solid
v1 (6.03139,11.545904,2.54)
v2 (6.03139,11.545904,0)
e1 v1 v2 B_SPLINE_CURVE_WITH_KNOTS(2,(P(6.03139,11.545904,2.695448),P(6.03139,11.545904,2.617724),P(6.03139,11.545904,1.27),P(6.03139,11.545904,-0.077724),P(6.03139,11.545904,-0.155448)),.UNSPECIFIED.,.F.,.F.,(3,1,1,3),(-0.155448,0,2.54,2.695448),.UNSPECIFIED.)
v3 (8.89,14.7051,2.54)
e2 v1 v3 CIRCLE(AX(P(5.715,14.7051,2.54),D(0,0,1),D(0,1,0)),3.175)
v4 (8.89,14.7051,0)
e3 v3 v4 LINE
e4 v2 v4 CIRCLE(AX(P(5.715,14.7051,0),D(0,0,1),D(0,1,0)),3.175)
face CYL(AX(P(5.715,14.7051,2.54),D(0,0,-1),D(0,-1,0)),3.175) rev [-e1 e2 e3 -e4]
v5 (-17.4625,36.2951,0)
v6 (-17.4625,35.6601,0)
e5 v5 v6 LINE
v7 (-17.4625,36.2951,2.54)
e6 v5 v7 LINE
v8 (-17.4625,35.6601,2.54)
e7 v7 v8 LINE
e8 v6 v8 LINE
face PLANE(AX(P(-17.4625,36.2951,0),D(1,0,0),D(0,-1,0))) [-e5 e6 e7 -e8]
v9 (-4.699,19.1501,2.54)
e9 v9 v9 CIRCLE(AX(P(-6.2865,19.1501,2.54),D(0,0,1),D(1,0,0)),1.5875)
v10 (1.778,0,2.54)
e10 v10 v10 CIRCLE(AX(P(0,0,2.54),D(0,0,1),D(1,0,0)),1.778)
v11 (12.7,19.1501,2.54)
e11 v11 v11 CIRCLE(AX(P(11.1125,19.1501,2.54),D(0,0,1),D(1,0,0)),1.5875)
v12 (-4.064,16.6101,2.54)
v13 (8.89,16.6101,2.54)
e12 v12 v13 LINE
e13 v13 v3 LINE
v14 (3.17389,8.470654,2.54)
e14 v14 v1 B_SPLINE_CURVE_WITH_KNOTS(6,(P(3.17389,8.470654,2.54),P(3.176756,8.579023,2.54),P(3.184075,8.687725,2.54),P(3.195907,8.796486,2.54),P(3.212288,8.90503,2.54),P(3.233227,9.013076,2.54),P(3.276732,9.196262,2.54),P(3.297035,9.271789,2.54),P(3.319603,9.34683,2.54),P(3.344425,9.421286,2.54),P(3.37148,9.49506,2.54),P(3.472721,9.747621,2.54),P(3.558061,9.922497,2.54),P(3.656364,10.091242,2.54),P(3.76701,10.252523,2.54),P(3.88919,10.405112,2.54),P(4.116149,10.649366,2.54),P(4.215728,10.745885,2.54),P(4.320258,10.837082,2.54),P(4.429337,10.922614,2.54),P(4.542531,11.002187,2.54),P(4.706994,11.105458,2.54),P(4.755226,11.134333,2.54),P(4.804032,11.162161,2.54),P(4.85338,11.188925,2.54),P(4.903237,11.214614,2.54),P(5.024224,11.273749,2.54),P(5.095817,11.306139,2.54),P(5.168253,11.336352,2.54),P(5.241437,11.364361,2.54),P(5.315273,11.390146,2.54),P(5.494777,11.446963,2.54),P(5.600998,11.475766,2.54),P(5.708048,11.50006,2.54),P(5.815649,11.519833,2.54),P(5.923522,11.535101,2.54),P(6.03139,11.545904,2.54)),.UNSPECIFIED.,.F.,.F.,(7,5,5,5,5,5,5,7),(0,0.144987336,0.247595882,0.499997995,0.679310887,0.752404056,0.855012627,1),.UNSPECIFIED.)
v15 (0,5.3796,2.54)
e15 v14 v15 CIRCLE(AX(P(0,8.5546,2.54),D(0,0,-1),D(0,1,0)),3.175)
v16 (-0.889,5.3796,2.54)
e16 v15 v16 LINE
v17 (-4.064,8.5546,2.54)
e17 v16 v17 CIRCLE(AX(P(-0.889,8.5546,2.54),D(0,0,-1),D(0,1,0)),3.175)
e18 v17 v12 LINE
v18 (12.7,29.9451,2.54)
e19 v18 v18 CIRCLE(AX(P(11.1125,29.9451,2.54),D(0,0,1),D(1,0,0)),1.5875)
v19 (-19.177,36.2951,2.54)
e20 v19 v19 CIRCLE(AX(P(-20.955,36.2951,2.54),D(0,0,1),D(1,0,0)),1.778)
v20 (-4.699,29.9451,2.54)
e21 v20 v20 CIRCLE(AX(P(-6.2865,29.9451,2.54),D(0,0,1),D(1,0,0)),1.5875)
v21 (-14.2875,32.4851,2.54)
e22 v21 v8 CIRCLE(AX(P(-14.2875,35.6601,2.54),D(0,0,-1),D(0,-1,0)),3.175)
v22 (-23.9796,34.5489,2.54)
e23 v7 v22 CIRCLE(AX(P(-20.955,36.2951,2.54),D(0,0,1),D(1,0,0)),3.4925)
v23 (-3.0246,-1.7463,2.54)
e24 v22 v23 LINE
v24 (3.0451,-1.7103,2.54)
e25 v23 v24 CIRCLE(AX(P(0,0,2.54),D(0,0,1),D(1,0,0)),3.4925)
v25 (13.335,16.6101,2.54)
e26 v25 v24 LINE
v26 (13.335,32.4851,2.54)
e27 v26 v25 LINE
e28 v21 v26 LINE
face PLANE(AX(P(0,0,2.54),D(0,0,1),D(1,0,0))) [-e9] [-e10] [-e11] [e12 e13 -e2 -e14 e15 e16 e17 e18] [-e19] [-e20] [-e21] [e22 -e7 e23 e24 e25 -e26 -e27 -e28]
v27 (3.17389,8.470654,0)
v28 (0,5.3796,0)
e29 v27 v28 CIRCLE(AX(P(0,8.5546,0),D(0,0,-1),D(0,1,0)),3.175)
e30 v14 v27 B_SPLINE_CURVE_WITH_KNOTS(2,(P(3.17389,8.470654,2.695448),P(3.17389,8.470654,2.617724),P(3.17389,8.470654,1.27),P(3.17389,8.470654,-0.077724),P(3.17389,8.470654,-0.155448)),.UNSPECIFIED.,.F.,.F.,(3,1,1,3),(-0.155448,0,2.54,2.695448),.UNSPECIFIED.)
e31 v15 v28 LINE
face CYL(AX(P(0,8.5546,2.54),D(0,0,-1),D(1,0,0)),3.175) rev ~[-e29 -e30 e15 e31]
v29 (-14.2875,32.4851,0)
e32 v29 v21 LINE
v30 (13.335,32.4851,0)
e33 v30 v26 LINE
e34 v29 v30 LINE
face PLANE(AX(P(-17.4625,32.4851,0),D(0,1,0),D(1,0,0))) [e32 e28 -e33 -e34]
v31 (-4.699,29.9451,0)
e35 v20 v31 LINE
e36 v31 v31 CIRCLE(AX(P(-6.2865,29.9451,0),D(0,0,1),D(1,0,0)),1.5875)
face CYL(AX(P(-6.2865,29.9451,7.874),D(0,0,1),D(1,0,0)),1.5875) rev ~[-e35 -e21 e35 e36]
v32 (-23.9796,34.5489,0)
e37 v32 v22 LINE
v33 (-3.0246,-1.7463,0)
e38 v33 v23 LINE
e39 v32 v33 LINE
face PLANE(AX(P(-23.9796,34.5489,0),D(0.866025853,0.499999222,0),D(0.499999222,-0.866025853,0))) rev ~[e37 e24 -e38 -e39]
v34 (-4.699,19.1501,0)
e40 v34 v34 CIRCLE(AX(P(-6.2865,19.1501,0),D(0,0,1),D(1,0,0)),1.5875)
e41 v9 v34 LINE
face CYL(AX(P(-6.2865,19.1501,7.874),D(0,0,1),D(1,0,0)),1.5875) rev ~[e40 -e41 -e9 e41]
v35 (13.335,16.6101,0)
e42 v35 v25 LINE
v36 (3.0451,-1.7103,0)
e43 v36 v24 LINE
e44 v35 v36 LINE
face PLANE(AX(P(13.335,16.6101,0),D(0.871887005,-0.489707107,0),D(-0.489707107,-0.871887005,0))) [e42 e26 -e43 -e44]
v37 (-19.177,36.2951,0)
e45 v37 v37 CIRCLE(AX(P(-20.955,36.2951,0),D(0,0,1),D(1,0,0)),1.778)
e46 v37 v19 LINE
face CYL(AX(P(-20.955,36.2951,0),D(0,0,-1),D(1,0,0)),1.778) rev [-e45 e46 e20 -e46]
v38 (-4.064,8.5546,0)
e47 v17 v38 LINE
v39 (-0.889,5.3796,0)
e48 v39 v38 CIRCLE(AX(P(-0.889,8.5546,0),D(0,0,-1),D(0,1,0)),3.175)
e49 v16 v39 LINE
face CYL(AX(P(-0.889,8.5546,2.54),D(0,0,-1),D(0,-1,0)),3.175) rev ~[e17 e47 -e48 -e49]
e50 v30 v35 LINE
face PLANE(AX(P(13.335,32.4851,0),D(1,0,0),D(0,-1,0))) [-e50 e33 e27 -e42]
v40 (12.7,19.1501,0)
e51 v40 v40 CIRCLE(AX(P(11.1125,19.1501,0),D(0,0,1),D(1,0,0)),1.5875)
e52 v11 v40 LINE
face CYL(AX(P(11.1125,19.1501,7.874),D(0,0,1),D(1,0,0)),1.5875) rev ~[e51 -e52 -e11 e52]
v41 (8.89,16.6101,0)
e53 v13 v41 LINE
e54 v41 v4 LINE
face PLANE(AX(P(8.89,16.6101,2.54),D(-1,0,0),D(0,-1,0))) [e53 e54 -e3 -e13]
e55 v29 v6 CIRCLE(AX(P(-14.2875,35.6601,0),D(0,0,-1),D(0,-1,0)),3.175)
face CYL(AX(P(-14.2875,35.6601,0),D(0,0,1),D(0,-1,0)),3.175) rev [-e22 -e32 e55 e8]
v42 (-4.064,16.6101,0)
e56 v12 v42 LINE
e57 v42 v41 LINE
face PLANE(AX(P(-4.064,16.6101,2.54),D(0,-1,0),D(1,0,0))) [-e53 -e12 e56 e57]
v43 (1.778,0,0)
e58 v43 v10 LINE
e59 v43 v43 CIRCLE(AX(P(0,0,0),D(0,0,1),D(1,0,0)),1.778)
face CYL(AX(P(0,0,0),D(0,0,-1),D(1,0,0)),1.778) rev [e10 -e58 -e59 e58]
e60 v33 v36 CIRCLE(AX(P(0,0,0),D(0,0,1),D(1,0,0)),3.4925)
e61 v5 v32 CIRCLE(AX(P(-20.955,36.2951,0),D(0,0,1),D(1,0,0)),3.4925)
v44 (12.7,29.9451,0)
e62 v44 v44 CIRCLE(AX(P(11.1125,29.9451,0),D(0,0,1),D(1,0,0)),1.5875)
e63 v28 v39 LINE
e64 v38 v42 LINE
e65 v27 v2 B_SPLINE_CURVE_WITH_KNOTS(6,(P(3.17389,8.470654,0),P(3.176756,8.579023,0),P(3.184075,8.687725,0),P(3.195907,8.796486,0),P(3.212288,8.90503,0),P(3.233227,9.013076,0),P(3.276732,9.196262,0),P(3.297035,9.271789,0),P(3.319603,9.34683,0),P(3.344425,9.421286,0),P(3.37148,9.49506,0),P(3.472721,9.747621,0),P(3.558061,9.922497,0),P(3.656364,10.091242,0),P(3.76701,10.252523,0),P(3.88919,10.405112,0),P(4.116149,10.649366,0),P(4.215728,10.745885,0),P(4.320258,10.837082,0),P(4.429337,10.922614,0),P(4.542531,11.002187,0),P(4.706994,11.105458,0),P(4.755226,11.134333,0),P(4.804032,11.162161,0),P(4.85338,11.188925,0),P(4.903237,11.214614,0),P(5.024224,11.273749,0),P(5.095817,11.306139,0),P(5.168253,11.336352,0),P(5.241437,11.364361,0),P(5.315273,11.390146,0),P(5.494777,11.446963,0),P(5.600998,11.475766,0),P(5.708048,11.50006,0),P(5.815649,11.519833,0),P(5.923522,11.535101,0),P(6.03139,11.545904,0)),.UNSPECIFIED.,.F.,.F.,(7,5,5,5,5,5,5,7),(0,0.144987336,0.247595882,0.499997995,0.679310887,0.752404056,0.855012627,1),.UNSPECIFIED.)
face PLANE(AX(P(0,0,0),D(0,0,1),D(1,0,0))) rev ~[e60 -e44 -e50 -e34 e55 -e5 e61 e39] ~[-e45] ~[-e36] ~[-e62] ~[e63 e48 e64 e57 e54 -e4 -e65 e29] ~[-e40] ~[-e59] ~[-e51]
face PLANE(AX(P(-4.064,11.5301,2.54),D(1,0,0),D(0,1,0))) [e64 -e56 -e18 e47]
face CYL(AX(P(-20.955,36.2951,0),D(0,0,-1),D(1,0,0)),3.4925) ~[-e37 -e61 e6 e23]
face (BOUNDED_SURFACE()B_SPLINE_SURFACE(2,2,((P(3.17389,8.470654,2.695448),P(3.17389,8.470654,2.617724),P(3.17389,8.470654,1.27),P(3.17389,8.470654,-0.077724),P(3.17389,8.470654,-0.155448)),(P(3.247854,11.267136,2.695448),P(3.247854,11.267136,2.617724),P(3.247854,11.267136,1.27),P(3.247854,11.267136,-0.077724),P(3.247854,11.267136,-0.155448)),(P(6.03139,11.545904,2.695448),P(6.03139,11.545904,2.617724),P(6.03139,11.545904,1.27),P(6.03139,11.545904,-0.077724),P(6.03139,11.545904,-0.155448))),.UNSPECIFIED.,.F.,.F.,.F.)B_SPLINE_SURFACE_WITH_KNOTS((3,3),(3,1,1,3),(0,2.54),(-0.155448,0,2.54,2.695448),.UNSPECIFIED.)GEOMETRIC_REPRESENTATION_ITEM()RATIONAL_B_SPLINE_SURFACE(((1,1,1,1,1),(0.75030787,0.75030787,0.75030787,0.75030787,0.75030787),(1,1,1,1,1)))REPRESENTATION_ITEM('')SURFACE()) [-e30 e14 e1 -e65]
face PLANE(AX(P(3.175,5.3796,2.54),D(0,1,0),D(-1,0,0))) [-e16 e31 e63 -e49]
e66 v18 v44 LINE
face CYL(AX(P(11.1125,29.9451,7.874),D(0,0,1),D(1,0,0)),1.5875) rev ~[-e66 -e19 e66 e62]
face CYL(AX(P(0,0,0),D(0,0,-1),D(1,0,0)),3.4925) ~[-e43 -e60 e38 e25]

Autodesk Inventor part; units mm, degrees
ref_plane "YZ Plane" through (0, 0, 0) normal (1, 0, 0) x (0, 1, 0)
ref_plane "XZ Plane" through (0, 0, 0) normal (0, 1, 0) x (-1, 0, 0)
ref_plane "XY Plane" through (0, 0, 0) normal (0, 0, 1) x (1, 0, 0)
sketch "Sketch1" plane through (0, 0, 0) normal (0, 0, 1) x (1, 0, 0)
  circle A0 centre (0, 0) radius 3.4925
  circle A1 centre (-20.955, 36.2951) radius 3.4925
  line L0 (0, 0) -> (-43.0857, 0) construction
  circle A2 centre (-20.955, 36.2951) radius 1.778
  circle A3 centre (0, 0) radius 1.778
  line L1 (-17.4625, 36.2951) -> (-17.4625, 32.4851)
  line L2 (-17.4625, 32.4851) -> (13.335, 32.4851)
  line L3 (13.335, 32.4851) -> (13.335, 16.6101)
  line L4 (13.335, 16.6101) -> (3.0451, -1.7103)
  line L5 (-23.9796, 34.5489) -> (-3.0246, -1.7463)
  dimension "d0" = 6.985
  dimension "d1" = 6.985
  dimension "d2" = 41.91
  dimension "d3" = 60
  dimension "d5" = 3.556
  dimension "d6" = 3.556
  dimension "d7" = 3.81
  dimension "d8" = 34.29
  dimension "d29" = 15.875
extrude "Extrusion1" add sketch "Sketch1" along normal blind 2.54
sketch "Sketch3" plane through (0, 0, 2.54) normal (0, 0, 1) x (1, 0, 0)
  circle A0 centre (-20.955, 36.2951) radius 1.778 construction
  circle A1 centre (0, 0) radius 1.778 construction
  arc A2 (-3.0246, -1.7463) -> (3.0451, -1.7103) centre (0, 0) ccw construction
  line L0 (3.0451, -1.7103) -> (13.335, 16.6101) construction
  line L1 (13.335, 16.6101) -> (13.335, 32.4851) construction
  line L2 (13.335, 32.4851) -> (-17.4625, 32.4851) construction
  line L3 (-17.4625, 32.4851) -> (-17.4625, 36.2951) construction
  arc A3 (-17.4625, 36.2951) -> (-23.9796, 34.5489) centre (-20.955, 36.2951) ccw construction
  line L4 (-23.9796, 34.5489) -> (-3.0246, -1.7463) construction
  line L5 (13.335, 16.6101) -> (13.335, 32.4851) projected
  line L6 (13.335, 32.4851) -> (8.89, 32.4851)
  line L7 (8.89, 32.4851) -> (8.89, 16.6101)
  line L8 (8.89, 16.6101) -> (13.335, 16.6101)
  line L9 (13.335, 16.6101) -> (13.335, 32.4851)
  line L10 (-4.064, 32.4851) -> (-8.509, 32.4851)
  line L11 (-8.509, 32.4851) -> (-8.509, 16.6101)
  line L12 (-8.509, 16.6101) -> (-4.064, 16.6101)
  line L13 (-4.064, 16.6101) -> (-4.064, 32.4851)
  line L14 (8.89, 16.6101) -> (-4.064, 16.6101) construction
  dimension "d11" = 4.445
  dimension "d12" = 12.954
extrude "Extrusion2" add sketch "Sketch3" along normal blind 5.334
fillet "Fillet1" radius 3.175 1 edges at (-17.4625, 32.4851, 1.27)
sketch "Sketch4" plane through (0, 0, 2.54) normal (0, 0, 1) x (1, 0, 0)
  line L0 (-4.064, 32.4851) -> (-4.064, 16.6101) projected
  line L1 (-4.064, 16.6101) -> (8.89, 16.6101)
  line L2 (8.89, 16.6101) -> (8.89, 11.5301)
  line L3 (8.89, 11.5301) -> (-4.064, 11.5301)
  line L4 (-4.064, 11.5301) -> (-4.064, 16.6101)
  line L5 (-4.064, 11.5301) -> (3.175, 11.5301)
  line L6 (3.175, 11.5301) -> (3.175, 5.3796)
  line L7 (3.175, 5.3796) -> (-4.064, 5.3796)
  line L8 (-4.064, 5.3796) -> (-4.064, 11.5301)
  point P0 (0, 0)
  dimension "d16" = 5.08
  dimension "d17" = 7.239
extrude "Extrusion3" cut sketch "Sketch4" against normal through all
fillet "Fillet2" radius 3.175 4 edges at (8.89, 11.5301, 1.27) (3.175, 5.3796, 1.27) (-4.064, 5.3796, 1.27) (3.175, 11.5301, 1.27)
sketch "Sketch5" plane through (0, 0, 7.874) normal (0, 0, 1) x (1, 0, 0)
  circle A0 centre (-6.2865, 29.9451) radius 1.5875
  circle A1 centre (-6.2865, 19.1501) radius 1.5875
  circle A2 centre (11.1125, 29.9451) radius 1.5875
  circle A3 centre (11.1125, 19.1501) radius 1.5875
  line L0 (-4.064, 32.4851) -> (-8.509, 32.4851) construction
  line L1 (-8.509, 32.4851) -> (-8.509, 16.6101) construction
  line L2 (-8.509, 16.6101) -> (-4.064, 16.6101) construction
  line L3 (-4.064, 16.6101) -> (-4.064, 32.4851) construction
  line L4 (13.335, 32.4851) -> (8.89, 32.4851) construction
  line L5 (8.89, 32.4851) -> (8.89, 16.6101) construction
  line L6 (8.89, 16.6101) -> (13.335, 16.6101) construction
  line L7 (13.335, 16.6101) -> (13.335, 32.4851) construction
  point P0 (0, 0)
  point P1 (-6.2865, 32.4851)
  point P2 (11.1125, 32.4851)
  dimension "d21" = 3.175
  dimension "d22" = 3.175
  dimension "d23" = 3.175
  dimension "d24" = 3.175
  dimension "d25" = 2.54
  dimension "d26" = 2.54
extrude "Extrusion4" cut sketch "Sketch5" against normal through all
sketch "Sketch7" plane through (0, 0, 2.54) normal (0, 0, 1) x (1, 0, 0)
  line L0 (-34.1743, 47.2868) -> (24.1681, 47.2868)
  line L1 (24.1681, 47.2868) -> (24.1681, -8.7063)
  line L2 (24.1681, -8.7063) -> (-34.1743, -8.7063)
  line L3 (-34.1743, -8.7063) -> (-34.1743, 47.2868)
  point P0 (0, 0)
extrude "Extrusion6" cut sketch "Sketch7" along normal blind 25.4
properties part number "ribbonCableMount2"
